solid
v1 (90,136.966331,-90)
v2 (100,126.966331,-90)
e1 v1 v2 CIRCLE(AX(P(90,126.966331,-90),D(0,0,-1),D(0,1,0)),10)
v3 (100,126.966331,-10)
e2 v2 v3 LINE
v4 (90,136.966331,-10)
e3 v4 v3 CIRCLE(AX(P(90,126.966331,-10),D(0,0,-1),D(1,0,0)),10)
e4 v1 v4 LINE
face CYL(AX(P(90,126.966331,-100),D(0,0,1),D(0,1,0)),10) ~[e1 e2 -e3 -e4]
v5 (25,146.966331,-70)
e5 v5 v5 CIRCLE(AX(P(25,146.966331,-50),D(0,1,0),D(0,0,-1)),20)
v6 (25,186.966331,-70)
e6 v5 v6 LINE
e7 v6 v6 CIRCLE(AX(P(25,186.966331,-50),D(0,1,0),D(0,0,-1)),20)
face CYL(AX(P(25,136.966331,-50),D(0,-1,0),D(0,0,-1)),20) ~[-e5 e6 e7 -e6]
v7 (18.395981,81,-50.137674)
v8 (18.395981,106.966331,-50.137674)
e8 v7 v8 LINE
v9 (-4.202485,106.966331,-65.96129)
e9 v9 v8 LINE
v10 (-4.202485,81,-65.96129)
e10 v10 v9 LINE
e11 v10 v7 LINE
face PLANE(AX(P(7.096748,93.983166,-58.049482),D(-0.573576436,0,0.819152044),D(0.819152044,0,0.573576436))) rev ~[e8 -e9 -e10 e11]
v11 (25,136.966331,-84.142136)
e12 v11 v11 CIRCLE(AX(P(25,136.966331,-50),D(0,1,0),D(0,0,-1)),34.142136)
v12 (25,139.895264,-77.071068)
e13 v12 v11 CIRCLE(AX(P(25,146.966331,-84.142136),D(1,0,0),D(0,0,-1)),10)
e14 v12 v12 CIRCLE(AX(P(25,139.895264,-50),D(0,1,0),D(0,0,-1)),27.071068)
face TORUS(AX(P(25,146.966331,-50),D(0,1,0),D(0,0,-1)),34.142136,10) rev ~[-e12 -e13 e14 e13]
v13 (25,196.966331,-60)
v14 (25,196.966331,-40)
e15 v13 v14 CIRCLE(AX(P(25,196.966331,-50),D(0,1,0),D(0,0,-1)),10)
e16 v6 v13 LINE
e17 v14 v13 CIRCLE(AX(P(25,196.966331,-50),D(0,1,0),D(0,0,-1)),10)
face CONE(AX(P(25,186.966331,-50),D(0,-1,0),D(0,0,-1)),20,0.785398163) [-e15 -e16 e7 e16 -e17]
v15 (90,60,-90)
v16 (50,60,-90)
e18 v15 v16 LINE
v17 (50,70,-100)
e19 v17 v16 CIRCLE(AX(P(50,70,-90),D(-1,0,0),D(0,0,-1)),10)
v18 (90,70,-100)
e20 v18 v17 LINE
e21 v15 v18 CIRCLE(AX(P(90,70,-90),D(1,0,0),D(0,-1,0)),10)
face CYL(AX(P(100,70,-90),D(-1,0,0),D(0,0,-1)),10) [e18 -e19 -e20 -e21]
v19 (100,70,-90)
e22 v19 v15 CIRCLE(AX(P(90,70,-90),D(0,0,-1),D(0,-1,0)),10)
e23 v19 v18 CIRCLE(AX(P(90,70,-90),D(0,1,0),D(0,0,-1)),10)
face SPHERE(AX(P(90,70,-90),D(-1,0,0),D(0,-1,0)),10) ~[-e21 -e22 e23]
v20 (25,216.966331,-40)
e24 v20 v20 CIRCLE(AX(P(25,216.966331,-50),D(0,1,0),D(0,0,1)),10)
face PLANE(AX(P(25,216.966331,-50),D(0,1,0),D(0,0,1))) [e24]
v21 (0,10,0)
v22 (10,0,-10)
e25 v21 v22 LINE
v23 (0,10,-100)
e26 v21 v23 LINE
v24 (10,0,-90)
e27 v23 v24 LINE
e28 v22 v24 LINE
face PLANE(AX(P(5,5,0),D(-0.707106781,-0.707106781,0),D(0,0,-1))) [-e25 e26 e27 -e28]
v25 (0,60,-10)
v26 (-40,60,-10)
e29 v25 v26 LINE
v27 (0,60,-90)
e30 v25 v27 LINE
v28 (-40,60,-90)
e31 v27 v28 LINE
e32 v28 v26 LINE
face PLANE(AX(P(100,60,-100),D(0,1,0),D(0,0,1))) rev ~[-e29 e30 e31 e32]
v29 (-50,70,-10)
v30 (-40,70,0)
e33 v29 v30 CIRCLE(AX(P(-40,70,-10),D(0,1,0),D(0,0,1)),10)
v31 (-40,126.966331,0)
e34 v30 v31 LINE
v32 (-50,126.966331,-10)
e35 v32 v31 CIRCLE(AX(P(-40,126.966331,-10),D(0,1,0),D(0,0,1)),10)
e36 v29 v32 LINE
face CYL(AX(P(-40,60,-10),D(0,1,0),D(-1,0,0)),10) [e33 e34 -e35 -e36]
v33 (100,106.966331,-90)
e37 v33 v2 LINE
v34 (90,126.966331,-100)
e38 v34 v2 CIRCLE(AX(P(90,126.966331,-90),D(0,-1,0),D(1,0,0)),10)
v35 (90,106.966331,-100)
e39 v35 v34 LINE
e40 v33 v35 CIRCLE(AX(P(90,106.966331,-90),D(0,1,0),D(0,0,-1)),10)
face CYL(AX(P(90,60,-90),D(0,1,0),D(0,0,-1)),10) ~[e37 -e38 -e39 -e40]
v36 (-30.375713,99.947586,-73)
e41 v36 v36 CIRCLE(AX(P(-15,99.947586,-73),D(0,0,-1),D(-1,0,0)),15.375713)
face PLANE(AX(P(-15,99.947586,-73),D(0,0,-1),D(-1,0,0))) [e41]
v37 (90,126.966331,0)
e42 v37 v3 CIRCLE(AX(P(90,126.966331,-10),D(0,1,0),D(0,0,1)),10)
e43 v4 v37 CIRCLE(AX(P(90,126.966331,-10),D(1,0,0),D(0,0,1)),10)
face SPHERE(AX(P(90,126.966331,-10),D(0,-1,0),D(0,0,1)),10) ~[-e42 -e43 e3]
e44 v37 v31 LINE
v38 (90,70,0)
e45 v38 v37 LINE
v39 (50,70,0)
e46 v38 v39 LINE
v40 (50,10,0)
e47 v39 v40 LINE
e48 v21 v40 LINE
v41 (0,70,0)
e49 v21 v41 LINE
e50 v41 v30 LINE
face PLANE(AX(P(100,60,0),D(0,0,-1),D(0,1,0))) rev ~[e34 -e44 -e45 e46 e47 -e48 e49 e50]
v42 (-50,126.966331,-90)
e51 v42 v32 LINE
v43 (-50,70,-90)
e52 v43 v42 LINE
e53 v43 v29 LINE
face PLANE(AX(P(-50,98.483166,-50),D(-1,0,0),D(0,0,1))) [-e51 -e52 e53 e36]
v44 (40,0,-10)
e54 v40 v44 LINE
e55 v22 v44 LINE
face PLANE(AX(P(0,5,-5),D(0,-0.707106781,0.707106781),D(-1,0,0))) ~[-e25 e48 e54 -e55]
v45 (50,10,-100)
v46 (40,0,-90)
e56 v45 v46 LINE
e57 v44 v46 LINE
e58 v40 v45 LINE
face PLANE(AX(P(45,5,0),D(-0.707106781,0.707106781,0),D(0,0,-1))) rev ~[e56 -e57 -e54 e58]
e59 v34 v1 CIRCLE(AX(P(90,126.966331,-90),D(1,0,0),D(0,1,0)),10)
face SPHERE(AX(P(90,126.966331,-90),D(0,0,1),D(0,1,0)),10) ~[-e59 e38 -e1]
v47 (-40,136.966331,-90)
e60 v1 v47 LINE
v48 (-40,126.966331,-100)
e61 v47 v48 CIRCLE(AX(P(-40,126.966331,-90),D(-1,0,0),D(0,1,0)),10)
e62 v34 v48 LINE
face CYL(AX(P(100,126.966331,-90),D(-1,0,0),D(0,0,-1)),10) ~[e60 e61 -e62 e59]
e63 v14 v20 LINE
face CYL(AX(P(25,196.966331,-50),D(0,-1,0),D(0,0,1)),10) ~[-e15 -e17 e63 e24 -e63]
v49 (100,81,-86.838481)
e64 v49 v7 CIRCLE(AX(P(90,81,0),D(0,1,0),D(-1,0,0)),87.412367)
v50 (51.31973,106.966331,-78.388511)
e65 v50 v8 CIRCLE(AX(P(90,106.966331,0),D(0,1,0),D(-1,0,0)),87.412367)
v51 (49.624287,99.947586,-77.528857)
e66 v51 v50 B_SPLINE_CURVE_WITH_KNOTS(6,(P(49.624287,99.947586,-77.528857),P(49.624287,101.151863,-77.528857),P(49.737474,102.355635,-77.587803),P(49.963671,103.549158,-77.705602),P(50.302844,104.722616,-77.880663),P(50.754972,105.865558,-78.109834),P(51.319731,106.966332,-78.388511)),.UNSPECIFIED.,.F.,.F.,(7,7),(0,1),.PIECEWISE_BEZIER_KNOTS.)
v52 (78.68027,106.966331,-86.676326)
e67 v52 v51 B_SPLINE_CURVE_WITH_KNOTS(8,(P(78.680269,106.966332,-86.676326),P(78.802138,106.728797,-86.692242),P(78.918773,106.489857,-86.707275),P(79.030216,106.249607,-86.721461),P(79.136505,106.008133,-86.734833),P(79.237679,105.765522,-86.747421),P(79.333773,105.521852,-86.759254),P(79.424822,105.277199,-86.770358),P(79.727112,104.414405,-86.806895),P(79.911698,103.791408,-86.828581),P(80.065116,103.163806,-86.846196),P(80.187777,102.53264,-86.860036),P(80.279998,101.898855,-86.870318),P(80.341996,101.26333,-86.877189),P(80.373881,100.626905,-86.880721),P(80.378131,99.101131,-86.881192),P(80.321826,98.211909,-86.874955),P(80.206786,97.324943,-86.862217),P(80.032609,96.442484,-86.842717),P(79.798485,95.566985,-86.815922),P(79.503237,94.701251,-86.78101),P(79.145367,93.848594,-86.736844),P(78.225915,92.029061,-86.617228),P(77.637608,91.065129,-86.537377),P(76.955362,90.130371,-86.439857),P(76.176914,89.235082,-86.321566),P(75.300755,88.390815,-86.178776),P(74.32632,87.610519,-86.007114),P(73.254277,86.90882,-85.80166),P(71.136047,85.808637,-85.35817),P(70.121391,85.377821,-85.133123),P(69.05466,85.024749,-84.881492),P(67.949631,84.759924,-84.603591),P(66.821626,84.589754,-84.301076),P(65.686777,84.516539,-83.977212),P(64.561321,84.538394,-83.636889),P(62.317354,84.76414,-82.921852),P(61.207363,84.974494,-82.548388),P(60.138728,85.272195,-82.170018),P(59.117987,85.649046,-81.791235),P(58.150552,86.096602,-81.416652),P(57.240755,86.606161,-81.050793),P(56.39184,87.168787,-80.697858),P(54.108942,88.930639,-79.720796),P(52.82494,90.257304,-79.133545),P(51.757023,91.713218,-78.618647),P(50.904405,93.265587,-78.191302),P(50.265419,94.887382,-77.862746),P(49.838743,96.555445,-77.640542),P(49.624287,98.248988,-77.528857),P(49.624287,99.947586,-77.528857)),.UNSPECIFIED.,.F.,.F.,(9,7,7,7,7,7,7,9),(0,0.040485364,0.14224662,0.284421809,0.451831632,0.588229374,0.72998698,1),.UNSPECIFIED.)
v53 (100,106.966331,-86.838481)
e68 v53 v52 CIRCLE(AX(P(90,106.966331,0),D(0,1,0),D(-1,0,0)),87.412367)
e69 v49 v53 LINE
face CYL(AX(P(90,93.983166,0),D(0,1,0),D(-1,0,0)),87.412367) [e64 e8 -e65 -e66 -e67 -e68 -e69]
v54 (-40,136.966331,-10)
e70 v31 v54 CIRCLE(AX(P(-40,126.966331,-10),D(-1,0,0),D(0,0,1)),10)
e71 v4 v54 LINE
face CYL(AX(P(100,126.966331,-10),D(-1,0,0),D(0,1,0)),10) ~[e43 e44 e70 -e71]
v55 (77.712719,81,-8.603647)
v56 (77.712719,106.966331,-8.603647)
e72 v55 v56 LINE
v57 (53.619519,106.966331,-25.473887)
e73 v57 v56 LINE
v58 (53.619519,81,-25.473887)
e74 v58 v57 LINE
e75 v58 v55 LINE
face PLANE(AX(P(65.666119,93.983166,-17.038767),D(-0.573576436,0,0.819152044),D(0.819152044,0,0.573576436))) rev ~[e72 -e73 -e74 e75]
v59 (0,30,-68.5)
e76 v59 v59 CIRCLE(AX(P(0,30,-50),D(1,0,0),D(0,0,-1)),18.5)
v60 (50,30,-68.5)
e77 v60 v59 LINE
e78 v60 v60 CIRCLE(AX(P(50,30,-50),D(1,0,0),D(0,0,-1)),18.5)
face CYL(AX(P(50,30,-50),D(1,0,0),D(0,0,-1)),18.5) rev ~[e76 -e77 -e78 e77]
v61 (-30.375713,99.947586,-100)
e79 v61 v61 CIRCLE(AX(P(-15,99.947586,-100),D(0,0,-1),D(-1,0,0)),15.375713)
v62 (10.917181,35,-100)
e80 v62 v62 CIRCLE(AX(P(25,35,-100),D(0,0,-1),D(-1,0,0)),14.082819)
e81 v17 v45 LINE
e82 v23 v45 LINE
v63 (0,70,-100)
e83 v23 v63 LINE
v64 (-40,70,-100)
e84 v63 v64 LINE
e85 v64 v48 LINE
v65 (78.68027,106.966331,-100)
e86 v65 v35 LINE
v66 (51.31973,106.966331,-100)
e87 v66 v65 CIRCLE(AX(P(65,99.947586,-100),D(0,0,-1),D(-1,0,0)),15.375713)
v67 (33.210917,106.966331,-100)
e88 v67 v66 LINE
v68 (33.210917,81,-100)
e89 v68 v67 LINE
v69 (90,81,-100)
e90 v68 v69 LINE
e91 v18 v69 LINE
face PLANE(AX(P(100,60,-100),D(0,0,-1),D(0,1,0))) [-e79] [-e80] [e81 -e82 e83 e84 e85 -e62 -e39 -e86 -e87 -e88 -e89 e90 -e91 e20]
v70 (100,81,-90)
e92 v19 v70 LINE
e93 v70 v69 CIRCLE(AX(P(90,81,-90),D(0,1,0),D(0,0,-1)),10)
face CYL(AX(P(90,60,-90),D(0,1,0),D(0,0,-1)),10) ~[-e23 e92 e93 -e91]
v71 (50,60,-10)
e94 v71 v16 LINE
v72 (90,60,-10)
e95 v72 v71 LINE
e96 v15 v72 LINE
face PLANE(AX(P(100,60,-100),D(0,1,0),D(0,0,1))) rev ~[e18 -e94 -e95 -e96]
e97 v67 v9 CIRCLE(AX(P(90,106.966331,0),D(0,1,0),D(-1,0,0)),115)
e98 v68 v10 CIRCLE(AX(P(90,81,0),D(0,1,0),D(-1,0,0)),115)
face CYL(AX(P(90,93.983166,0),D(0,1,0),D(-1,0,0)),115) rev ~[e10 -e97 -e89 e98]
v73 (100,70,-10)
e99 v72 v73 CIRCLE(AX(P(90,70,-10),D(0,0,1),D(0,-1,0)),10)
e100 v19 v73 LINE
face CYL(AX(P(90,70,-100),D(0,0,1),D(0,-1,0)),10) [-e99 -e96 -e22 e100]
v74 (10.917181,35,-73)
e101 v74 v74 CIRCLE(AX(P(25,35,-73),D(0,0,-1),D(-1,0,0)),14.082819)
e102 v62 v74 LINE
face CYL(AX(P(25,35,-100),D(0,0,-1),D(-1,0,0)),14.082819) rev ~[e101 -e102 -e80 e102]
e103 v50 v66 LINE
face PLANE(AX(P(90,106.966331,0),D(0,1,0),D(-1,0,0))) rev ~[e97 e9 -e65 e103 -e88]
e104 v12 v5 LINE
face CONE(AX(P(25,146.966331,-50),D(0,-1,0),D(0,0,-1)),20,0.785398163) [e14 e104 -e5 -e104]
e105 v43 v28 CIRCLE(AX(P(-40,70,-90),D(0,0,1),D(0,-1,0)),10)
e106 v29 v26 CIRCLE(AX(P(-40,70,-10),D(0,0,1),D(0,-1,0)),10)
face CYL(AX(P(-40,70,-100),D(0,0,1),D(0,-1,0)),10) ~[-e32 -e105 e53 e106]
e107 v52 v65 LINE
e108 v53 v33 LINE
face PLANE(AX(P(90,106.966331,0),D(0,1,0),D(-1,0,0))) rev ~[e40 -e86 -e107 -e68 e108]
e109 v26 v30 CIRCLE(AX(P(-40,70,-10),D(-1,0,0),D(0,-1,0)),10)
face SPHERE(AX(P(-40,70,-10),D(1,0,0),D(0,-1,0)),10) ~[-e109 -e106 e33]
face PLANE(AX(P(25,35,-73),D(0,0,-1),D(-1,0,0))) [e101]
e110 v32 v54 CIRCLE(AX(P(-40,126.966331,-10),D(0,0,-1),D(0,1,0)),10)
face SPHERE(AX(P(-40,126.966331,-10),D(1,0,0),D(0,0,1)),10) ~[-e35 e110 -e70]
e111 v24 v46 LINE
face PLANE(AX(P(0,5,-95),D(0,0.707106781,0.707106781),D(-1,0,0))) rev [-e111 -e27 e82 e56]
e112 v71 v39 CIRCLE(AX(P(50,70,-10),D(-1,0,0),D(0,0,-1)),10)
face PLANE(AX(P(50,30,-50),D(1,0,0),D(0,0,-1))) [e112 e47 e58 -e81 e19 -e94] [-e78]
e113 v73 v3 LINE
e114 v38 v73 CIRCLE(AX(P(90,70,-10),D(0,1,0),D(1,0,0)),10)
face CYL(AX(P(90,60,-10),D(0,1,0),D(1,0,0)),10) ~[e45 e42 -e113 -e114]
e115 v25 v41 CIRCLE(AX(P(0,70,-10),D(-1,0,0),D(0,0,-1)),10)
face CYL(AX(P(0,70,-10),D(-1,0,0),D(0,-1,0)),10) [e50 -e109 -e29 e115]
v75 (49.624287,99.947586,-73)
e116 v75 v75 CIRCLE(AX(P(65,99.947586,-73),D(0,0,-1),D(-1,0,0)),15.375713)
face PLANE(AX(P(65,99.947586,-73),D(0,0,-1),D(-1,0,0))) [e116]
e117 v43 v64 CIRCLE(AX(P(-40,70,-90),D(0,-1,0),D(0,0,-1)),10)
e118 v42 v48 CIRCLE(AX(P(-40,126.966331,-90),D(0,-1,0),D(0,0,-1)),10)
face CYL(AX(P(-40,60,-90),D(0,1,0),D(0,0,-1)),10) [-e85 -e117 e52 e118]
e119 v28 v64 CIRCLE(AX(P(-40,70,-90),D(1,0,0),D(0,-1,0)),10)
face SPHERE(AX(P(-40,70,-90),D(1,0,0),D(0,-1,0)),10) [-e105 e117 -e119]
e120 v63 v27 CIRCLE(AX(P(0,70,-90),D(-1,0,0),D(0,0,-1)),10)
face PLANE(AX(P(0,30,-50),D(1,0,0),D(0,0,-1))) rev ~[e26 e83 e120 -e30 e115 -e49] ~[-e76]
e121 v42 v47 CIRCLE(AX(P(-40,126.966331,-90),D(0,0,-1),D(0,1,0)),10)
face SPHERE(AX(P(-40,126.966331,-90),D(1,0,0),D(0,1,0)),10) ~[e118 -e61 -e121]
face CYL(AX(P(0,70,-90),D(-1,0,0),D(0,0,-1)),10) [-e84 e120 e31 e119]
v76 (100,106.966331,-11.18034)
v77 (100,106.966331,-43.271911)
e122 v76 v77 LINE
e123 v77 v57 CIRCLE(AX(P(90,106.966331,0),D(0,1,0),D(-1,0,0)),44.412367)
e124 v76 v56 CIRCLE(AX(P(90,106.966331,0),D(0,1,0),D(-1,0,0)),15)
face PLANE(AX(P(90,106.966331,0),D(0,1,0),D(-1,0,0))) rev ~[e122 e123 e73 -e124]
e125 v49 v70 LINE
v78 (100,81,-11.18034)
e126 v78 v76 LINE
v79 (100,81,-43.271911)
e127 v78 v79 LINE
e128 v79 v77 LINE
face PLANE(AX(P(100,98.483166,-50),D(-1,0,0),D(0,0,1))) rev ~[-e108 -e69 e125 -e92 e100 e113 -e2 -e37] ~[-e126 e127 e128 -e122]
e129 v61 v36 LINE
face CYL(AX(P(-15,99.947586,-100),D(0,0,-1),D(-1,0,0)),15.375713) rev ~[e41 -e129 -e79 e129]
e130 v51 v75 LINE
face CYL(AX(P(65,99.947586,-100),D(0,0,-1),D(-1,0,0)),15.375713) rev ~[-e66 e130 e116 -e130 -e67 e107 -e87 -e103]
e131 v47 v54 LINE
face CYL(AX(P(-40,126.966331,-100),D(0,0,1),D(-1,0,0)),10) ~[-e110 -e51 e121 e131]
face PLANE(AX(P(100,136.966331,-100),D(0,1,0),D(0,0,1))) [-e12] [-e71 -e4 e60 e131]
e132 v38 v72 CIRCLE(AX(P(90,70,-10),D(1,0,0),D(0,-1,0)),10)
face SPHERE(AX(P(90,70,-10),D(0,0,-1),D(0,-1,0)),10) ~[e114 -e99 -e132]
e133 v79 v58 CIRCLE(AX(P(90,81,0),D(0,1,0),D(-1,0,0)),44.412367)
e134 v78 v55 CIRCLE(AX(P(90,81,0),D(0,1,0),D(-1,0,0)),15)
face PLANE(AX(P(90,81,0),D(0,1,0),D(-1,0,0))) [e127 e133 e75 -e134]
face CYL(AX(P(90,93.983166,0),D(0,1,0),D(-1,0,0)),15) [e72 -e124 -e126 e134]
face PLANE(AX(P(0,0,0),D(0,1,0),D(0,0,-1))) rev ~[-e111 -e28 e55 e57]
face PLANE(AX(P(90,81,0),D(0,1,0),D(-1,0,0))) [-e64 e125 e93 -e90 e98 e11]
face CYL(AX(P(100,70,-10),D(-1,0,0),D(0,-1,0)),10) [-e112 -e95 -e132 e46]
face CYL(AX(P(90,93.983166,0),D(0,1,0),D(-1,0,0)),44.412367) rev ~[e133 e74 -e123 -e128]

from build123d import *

# Parameters (mm, degrees)
ESBO_O2_W                     = 100
ESBO_O2_H                     = 60
RESSALTO_EXTRUS_O1_DEPTH      = 50
RESSALTO_EXTRUS_O2_DEPTH      = 50
RESSALTO_EXTRUS_O2_DEPTH_BACK = 100
ESBO_O3_W                     = 100
ESBO_O3_H                     = 76.966331483
ESBO_O4_R                     = 20
RESSALTO_EXTRUS_O3_DEPTH      = 60
FILETE1_R                     = 10
CHANFRO1_SIZE                 = 10
ESBO_O6_R                     = 18.5
CORTE_EXTRUS_O1_DEPTH         = 243.47832014
ESBO_O7_R                     = 14.082818634
ESBO_O7_R_2                   = 15.375713497
CORTE_EXTRUS_O2_DEPTH         = 27
ESBO_O8_R                     = 10
RESSALTO_EXTRUS_O4_DEPTH      = 20
FILETE2_R                     = 10
CHANFRO2_SIZE                 = 10
ESBO_O10_W                    = 27.587633248
ESBO_O10_H                    = 25.966331483
ESBO_O10_W_2                  = 29.412366752
CORTE_REVOLU_O1_ANGLE         = 325


with BuildPart() as part:
    # Esboço2 → Ressalto-extrusão1 (new body)
    with BuildSketch(Plane(origin=(0, 0, 0), x_dir=(0, 0, -1), z_dir=(1, 0, 0))):
        with Locations((50, 30)):
            Rectangle(ESBO_O2_W, ESBO_O2_H)
    extrude(amount=RESSALTO_EXTRUS_O1_DEPTH)

    # Esboço3 → Ressalto-extrusão2 (add, two sides: drawn at the far end of the back side and taken through both)
    with BuildSketch(Plane.ZY.offset(-RESSALTO_EXTRUS_O2_DEPTH_BACK)):
        with Locations((-50, 98.483165742)):
            Rectangle(ESBO_O3_W, ESBO_O3_H)
    extrude(amount=RESSALTO_EXTRUS_O2_DEPTH + RESSALTO_EXTRUS_O2_DEPTH_BACK)

    # Esboço4 → Ressalto-extrusão3 (add)
    with BuildSketch(Plane(origin=(0, 136.966331483, 0), x_dir=(1, 0, 0), z_dir=(0, 1, 0))):
        with Locations(Location((25, 50, 0), (0, 0, 90))):
            Circle(ESBO_O4_R)
    extrude(amount=RESSALTO_EXTRUS_O3_DEPTH)

    # Filete1
    filete1_edges = [part.edges().sort_by_distance(p)[0] for p in [
        (-25, 60, -100),
        (75, 60, -100),
        (100, 60, -50),
        (-25, 60, 0),
        (75, 60, 0),
        (100, 98.483165742, 0),
        (25, 136.966331483, 0),
        (100, 136.966331483, -50),
        (25, 136.966331483, -100),
        (100, 98.483165742, -100),
        (-50, 60, -50),
        (-50, 98.483165742, 0),
        (-50, 136.966331483, -50),
        (-50, 98.483165742, -100),
    ]]
    fillet(filete1_edges, radius=FILETE1_R)

    # Chanfro1
    chanfro1_edges = [part.edges().sort_by_distance(p)[0] for p in [
        (25, 136.966331483, -30),
        (25, 196.966331483, -30),
    ]]
    chamfer(chanfro1_edges, length=CHANFRO1_SIZE)

    # Esboço6 → Corte-extrusão1 (cut, through all)
    with BuildSketch(Plane(origin=(50, 0, 0), x_dir=(0, 0, -1), z_dir=(1, 0, 0))):
        with Locations((50, 30)):
            Circle(ESBO_O6_R)
    extrude(amount=-CORTE_EXTRUS_O1_DEPTH, mode=Mode.SUBTRACT)

    # Esboço7 → Corte-extrusão2 (cut)
    with BuildSketch(Plane(origin=(0, 0, -100), x_dir=(-1, 0, 0), z_dir=(0, 0, -1))):
        with Locations((-25, 35)):
            Circle(ESBO_O7_R)
        with Locations((15, 99.947585823)):
            Circle(ESBO_O7_R_2)
        with Locations((-65, 99.947585823)):
            Circle(ESBO_O7_R_2)
    extrude(amount=-CORTE_EXTRUS_O2_DEPTH, mode=Mode.SUBTRACT)

    # Esboço8 → Ressalto-extrusão4 (add)
    with BuildSketch(Plane(origin=(0, 196.966331483, 0), x_dir=(1, 0, 0), z_dir=(0, 1, 0))):
        with Locations(Location((25, 50, 0), (0, 0, 270))):
            Circle(ESBO_O8_R)
    extrude(amount=RESSALTO_EXTRUS_O4_DEPTH)

    # Filete2
    filete2_edges = [part.edges().sort_by_distance(p)[0] for p in [
        (25, 136.966331483, -20),
    ]]
    fillet(filete2_edges, radius=FILETE2_R)

    # Chanfro2
    chanfro2_edges = [part.edges().sort_by_distance(p)[0] for p in [
        (50, 0, -50),
        (0, 0, -50),
        (25, 0, -100),
        (25, 0, 0),
    ]]
    chamfer(chanfro2_edges, length=CHANFRO2_SIZE)

    # Esboço10 → Corte-Revolução1 (revolve, cut)
    with BuildSketch(Plane.XY):
        with Locations((-11.206183376, 93.983165742)):
            Rectangle(ESBO_O10_W, ESBO_O10_H)
        with Locations((60.293816624, 93.983165742)):
            Rectangle(ESBO_O10_W_2, ESBO_O10_H)
    revolve(axis=Axis((90, 136.966331483, 0), (0, 1, 0)), revolution_arc=CORTE_REVOLU_O1_ANGLE, mode=Mode.SUBTRACT)


solid = part.part
